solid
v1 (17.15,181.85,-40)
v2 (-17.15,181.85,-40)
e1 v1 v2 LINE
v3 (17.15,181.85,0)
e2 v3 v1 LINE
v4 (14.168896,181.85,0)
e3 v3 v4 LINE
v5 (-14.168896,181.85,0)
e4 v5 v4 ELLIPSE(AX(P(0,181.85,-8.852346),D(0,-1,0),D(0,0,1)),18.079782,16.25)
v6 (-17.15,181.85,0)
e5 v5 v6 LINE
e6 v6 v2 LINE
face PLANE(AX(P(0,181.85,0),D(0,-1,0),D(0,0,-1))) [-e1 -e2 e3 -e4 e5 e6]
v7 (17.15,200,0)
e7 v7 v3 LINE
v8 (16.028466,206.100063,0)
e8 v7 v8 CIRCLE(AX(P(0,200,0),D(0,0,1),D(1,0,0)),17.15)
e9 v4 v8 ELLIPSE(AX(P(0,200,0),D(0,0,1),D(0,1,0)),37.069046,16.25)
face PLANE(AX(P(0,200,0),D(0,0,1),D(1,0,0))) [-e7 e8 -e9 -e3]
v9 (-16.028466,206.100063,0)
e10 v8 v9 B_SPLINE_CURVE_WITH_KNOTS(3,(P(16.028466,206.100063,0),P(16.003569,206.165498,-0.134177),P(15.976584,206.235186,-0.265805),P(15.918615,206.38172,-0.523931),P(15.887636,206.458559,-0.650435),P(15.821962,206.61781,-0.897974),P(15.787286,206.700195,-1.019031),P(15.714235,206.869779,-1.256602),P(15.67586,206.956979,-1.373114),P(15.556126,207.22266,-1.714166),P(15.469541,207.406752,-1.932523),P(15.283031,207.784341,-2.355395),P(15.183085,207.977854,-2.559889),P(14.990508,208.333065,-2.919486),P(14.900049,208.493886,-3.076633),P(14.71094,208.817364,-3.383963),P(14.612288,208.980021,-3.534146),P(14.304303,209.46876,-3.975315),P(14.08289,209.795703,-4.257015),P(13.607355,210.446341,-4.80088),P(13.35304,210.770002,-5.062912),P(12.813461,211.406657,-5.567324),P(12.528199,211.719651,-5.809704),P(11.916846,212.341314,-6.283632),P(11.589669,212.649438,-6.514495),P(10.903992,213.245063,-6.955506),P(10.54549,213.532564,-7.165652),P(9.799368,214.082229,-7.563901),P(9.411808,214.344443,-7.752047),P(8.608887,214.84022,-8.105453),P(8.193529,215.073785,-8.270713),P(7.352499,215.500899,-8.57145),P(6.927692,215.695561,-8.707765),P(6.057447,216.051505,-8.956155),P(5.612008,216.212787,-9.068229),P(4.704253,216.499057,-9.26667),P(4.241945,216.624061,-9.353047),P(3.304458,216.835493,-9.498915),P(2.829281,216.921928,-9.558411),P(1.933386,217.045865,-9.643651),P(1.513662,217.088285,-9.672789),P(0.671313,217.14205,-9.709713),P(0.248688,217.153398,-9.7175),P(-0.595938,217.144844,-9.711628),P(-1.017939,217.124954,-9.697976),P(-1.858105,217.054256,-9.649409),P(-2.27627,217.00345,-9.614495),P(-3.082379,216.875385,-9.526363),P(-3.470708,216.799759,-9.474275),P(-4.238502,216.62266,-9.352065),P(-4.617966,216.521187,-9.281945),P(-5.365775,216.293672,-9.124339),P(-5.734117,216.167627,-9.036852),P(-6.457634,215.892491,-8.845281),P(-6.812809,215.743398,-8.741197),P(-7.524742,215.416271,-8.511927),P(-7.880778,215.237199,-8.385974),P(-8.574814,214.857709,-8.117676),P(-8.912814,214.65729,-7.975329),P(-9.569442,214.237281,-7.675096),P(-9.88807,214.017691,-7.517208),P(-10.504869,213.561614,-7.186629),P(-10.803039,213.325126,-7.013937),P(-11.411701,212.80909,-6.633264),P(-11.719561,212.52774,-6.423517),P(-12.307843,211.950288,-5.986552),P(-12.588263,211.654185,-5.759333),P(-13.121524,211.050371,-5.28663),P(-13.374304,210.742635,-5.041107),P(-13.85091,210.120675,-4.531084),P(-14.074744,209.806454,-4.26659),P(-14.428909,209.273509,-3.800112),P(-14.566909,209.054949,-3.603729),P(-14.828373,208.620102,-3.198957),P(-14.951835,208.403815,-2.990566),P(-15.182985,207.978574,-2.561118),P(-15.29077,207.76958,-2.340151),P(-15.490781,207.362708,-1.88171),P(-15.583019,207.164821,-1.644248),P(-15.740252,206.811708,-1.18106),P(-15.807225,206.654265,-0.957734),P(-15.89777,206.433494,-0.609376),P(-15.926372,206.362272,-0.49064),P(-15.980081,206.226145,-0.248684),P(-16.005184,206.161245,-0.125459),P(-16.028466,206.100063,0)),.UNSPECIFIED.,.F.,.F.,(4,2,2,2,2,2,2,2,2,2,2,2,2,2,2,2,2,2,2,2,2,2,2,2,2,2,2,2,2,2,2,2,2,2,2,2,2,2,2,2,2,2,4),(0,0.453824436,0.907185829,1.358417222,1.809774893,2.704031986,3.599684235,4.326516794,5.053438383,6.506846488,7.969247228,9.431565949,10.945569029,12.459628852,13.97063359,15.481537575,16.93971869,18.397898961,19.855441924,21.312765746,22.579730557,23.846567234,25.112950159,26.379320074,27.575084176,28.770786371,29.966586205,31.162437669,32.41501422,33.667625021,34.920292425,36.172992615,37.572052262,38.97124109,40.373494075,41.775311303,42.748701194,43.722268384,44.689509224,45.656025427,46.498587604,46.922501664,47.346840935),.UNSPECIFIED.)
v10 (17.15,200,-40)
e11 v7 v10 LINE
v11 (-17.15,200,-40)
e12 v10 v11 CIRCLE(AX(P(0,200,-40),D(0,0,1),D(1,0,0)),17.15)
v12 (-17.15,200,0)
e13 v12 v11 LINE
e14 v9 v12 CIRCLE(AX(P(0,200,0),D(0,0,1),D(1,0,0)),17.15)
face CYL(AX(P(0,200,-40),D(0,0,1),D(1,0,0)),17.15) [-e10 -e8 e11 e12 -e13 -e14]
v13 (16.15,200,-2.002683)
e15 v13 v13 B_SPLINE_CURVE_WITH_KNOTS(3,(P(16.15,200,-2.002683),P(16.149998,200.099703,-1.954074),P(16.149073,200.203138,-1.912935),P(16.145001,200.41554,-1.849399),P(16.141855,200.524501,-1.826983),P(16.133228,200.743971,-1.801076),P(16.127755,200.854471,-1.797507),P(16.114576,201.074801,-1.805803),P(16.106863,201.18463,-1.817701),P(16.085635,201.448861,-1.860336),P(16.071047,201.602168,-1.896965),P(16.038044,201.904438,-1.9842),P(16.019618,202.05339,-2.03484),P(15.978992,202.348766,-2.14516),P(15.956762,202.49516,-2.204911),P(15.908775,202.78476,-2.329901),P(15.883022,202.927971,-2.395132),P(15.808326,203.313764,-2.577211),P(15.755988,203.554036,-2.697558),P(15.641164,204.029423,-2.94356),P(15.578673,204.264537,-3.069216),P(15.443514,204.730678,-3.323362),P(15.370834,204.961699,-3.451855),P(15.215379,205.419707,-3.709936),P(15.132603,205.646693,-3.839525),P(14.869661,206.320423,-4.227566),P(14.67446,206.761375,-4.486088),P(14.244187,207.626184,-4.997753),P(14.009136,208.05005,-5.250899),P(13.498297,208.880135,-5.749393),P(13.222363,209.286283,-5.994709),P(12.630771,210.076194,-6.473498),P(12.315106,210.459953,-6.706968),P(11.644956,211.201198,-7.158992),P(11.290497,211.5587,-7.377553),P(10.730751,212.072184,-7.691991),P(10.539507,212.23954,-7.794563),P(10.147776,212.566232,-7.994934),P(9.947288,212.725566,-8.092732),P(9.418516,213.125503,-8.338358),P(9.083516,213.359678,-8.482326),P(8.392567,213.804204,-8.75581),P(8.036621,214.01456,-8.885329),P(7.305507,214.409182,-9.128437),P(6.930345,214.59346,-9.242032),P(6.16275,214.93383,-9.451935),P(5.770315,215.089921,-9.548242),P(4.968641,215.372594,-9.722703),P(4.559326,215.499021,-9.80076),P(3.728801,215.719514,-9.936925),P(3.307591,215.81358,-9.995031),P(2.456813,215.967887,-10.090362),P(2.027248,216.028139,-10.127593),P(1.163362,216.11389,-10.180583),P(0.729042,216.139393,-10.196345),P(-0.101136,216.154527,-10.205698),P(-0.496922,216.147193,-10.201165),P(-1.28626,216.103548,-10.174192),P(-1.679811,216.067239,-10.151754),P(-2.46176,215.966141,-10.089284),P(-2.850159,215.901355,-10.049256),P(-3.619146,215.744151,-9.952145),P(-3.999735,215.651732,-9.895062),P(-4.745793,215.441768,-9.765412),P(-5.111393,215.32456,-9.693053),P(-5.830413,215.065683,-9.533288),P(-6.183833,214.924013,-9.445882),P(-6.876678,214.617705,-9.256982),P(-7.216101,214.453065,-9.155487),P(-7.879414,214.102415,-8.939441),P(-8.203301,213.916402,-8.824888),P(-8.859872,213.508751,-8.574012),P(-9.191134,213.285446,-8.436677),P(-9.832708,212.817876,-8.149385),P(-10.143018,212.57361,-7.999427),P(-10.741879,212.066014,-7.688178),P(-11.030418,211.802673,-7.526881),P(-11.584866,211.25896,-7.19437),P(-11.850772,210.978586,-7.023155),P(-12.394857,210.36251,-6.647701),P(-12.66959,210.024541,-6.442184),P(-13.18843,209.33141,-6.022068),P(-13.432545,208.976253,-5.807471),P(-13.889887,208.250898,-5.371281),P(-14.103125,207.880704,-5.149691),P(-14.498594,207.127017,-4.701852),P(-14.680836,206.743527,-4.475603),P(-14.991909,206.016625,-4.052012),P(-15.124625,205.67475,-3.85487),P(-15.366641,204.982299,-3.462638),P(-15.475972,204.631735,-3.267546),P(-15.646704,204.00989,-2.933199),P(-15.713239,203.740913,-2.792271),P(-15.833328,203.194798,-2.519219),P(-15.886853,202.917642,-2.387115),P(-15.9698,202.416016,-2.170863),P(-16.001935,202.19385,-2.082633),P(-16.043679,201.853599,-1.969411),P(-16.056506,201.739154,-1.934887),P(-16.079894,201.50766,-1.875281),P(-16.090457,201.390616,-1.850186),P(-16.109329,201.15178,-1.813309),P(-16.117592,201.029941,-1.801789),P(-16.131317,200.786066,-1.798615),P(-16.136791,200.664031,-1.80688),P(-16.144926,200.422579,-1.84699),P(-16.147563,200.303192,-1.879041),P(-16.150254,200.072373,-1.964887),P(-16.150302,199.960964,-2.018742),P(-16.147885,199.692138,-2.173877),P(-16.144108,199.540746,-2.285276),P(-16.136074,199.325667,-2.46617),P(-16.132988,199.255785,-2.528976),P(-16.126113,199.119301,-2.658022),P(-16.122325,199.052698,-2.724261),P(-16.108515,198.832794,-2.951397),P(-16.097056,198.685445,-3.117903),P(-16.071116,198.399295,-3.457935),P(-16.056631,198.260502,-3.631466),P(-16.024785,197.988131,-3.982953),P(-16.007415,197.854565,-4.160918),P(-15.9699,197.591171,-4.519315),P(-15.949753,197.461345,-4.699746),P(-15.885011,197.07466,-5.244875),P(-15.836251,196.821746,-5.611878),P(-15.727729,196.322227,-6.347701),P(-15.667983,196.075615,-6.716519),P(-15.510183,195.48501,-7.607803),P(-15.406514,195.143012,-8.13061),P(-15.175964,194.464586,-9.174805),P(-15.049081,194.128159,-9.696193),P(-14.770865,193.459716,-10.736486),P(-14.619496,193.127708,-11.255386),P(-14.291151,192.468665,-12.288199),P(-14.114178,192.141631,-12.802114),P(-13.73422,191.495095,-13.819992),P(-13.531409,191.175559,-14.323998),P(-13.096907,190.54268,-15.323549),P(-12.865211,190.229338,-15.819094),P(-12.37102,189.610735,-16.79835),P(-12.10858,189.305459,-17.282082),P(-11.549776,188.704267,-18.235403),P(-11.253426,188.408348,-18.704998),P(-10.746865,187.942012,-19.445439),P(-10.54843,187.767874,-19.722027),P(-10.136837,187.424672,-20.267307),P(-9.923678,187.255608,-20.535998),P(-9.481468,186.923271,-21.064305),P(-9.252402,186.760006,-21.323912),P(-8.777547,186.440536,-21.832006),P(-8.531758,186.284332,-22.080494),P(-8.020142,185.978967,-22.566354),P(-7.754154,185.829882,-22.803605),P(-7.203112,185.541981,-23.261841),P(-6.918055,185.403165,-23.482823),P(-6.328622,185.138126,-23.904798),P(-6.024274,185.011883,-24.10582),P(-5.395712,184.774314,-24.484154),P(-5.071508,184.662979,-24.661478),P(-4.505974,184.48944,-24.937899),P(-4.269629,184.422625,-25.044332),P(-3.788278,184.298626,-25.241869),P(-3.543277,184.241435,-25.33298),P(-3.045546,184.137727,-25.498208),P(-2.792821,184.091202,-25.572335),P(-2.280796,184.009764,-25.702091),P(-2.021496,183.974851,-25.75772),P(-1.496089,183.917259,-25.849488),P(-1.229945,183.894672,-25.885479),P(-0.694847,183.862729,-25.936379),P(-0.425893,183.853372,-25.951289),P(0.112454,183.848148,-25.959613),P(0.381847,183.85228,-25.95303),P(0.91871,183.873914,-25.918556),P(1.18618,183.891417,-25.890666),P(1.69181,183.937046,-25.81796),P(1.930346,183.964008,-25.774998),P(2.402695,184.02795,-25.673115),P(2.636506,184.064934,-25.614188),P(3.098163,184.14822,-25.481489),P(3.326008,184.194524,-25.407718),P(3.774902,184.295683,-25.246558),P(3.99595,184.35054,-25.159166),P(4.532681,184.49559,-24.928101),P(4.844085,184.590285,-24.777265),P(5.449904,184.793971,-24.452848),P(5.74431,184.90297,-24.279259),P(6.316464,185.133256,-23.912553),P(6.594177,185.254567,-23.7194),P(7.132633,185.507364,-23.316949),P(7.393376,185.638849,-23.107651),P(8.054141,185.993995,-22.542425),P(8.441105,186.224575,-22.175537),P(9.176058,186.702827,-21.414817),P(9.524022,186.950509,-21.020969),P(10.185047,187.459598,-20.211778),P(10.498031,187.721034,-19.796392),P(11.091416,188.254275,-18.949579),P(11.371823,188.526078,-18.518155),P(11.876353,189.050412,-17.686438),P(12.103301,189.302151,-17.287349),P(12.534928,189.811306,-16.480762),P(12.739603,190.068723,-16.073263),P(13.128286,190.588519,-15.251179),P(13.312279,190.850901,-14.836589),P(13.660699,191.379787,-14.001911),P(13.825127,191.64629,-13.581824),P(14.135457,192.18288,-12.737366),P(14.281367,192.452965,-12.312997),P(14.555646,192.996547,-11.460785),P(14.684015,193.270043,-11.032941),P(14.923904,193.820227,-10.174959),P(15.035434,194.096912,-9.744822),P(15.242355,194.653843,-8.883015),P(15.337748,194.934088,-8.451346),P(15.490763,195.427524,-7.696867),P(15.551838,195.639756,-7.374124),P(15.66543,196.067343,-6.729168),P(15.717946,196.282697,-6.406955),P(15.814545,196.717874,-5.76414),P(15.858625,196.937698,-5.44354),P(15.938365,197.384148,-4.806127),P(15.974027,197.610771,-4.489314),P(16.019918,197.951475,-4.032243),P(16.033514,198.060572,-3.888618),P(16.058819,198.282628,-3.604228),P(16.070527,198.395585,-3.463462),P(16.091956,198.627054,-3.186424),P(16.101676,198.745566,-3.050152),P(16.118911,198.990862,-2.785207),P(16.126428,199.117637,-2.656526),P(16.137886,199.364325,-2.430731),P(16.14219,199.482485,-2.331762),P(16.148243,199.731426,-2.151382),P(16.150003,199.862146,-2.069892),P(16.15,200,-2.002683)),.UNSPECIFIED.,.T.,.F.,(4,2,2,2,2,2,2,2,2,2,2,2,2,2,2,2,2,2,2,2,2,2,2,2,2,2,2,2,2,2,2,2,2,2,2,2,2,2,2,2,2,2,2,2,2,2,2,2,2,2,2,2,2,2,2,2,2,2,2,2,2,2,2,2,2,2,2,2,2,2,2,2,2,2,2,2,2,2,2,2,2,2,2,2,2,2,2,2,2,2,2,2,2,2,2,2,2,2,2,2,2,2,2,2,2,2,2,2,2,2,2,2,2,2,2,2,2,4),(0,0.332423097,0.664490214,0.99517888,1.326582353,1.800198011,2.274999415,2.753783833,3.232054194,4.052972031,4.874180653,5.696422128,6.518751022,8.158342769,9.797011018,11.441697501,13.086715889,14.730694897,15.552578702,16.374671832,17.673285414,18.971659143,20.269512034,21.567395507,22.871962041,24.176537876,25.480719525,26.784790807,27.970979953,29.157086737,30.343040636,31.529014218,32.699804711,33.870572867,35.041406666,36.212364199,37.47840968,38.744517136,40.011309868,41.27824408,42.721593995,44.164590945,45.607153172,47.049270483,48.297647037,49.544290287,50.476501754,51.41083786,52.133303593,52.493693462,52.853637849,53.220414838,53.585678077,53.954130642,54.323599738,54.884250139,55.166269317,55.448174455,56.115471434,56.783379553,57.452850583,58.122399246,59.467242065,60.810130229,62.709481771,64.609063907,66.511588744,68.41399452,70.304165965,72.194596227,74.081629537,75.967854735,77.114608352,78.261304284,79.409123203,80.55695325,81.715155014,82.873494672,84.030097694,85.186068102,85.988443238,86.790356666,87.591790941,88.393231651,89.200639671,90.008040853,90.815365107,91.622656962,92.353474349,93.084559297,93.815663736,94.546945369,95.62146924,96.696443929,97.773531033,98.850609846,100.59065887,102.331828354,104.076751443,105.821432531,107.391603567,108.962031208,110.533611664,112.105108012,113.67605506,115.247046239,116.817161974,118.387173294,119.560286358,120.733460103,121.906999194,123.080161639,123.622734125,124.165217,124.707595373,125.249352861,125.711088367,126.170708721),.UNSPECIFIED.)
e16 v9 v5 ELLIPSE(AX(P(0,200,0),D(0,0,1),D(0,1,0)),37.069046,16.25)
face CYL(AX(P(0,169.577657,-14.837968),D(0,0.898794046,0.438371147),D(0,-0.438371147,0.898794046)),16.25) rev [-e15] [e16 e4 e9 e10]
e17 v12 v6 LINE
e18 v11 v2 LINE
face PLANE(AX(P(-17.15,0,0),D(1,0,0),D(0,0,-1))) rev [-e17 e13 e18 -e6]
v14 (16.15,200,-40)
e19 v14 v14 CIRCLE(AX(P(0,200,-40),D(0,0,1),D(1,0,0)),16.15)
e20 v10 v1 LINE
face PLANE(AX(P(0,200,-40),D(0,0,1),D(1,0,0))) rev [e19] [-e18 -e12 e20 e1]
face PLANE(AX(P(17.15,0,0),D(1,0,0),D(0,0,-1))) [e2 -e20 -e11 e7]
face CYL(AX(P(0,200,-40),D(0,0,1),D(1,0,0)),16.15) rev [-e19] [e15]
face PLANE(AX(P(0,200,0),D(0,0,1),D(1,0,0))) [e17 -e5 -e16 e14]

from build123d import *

# Parameters (mm, degrees)
SKETCH1_R           = 17.15
SKETCH1_R_2         = 16.15
BOSS_EXTRUDE1_DEPTH = 40
BOSS_EXTRUDE3_DEPTH = 40
SKETCH2_R           = 16.25
CUT_EXTRUDE1_DEPTH  = 302.327569717


with BuildPart() as part:
    # Sketch1 → Boss-Extrude1 (new body)
    with BuildSketch(Plane.XY):
        with Locations((0, 200)):
            Circle(SKETCH1_R)
        with Locations((0, 200)):
            Circle(SKETCH1_R_2, mode=Mode.SUBTRACT)
    extrude(amount=-BOSS_EXTRUDE1_DEPTH)

    # Sketch4 → Boss-Extrude3 (add)
    with BuildSketch(Plane(origin=(0, 0, -40), x_dir=(-1, 0, 0), z_dir=(0, 0, -1))):
        Polygon((17.15, 182.85), (17.15, 181.85), (-17.15, 181.85), (-17.15, 182.85), (0, 182.85), align=None)
        with BuildLine():
            Line((17.15, 182.85), (17.15, 200))
            ThreePointArc((17.15, 200), (12.126881297, 187.873118703), (0, 182.85))
            Line((0, 182.85), (17.15, 182.85))
        make_face()
        with BuildLine():
            ThreePointArc((0, 182.85), (-12.126881297, 187.873118703), (-17.15, 200))
            Line((-17.15, 200), (-17.15, 182.85))
            Line((-17.15, 182.85), (0, 182.85))
        make_face()
    extrude(amount=-BOSS_EXTRUDE3_DEPTH)

    # Sketch2 → Cut-Extrude1 (cut, through all)
    with BuildSketch(Plane(origin=(0, 401.975230219, 196.056419574), x_dir=(1, 0, 0), z_dir=(0, 0.898794046, 0.438371147))):
        with Locations((0, 87.674229358)):
            Circle(SKETCH2_R)
    extrude(amount=-CUT_EXTRUDE1_DEPTH, mode=Mode.SUBTRACT)


solid = part.part
